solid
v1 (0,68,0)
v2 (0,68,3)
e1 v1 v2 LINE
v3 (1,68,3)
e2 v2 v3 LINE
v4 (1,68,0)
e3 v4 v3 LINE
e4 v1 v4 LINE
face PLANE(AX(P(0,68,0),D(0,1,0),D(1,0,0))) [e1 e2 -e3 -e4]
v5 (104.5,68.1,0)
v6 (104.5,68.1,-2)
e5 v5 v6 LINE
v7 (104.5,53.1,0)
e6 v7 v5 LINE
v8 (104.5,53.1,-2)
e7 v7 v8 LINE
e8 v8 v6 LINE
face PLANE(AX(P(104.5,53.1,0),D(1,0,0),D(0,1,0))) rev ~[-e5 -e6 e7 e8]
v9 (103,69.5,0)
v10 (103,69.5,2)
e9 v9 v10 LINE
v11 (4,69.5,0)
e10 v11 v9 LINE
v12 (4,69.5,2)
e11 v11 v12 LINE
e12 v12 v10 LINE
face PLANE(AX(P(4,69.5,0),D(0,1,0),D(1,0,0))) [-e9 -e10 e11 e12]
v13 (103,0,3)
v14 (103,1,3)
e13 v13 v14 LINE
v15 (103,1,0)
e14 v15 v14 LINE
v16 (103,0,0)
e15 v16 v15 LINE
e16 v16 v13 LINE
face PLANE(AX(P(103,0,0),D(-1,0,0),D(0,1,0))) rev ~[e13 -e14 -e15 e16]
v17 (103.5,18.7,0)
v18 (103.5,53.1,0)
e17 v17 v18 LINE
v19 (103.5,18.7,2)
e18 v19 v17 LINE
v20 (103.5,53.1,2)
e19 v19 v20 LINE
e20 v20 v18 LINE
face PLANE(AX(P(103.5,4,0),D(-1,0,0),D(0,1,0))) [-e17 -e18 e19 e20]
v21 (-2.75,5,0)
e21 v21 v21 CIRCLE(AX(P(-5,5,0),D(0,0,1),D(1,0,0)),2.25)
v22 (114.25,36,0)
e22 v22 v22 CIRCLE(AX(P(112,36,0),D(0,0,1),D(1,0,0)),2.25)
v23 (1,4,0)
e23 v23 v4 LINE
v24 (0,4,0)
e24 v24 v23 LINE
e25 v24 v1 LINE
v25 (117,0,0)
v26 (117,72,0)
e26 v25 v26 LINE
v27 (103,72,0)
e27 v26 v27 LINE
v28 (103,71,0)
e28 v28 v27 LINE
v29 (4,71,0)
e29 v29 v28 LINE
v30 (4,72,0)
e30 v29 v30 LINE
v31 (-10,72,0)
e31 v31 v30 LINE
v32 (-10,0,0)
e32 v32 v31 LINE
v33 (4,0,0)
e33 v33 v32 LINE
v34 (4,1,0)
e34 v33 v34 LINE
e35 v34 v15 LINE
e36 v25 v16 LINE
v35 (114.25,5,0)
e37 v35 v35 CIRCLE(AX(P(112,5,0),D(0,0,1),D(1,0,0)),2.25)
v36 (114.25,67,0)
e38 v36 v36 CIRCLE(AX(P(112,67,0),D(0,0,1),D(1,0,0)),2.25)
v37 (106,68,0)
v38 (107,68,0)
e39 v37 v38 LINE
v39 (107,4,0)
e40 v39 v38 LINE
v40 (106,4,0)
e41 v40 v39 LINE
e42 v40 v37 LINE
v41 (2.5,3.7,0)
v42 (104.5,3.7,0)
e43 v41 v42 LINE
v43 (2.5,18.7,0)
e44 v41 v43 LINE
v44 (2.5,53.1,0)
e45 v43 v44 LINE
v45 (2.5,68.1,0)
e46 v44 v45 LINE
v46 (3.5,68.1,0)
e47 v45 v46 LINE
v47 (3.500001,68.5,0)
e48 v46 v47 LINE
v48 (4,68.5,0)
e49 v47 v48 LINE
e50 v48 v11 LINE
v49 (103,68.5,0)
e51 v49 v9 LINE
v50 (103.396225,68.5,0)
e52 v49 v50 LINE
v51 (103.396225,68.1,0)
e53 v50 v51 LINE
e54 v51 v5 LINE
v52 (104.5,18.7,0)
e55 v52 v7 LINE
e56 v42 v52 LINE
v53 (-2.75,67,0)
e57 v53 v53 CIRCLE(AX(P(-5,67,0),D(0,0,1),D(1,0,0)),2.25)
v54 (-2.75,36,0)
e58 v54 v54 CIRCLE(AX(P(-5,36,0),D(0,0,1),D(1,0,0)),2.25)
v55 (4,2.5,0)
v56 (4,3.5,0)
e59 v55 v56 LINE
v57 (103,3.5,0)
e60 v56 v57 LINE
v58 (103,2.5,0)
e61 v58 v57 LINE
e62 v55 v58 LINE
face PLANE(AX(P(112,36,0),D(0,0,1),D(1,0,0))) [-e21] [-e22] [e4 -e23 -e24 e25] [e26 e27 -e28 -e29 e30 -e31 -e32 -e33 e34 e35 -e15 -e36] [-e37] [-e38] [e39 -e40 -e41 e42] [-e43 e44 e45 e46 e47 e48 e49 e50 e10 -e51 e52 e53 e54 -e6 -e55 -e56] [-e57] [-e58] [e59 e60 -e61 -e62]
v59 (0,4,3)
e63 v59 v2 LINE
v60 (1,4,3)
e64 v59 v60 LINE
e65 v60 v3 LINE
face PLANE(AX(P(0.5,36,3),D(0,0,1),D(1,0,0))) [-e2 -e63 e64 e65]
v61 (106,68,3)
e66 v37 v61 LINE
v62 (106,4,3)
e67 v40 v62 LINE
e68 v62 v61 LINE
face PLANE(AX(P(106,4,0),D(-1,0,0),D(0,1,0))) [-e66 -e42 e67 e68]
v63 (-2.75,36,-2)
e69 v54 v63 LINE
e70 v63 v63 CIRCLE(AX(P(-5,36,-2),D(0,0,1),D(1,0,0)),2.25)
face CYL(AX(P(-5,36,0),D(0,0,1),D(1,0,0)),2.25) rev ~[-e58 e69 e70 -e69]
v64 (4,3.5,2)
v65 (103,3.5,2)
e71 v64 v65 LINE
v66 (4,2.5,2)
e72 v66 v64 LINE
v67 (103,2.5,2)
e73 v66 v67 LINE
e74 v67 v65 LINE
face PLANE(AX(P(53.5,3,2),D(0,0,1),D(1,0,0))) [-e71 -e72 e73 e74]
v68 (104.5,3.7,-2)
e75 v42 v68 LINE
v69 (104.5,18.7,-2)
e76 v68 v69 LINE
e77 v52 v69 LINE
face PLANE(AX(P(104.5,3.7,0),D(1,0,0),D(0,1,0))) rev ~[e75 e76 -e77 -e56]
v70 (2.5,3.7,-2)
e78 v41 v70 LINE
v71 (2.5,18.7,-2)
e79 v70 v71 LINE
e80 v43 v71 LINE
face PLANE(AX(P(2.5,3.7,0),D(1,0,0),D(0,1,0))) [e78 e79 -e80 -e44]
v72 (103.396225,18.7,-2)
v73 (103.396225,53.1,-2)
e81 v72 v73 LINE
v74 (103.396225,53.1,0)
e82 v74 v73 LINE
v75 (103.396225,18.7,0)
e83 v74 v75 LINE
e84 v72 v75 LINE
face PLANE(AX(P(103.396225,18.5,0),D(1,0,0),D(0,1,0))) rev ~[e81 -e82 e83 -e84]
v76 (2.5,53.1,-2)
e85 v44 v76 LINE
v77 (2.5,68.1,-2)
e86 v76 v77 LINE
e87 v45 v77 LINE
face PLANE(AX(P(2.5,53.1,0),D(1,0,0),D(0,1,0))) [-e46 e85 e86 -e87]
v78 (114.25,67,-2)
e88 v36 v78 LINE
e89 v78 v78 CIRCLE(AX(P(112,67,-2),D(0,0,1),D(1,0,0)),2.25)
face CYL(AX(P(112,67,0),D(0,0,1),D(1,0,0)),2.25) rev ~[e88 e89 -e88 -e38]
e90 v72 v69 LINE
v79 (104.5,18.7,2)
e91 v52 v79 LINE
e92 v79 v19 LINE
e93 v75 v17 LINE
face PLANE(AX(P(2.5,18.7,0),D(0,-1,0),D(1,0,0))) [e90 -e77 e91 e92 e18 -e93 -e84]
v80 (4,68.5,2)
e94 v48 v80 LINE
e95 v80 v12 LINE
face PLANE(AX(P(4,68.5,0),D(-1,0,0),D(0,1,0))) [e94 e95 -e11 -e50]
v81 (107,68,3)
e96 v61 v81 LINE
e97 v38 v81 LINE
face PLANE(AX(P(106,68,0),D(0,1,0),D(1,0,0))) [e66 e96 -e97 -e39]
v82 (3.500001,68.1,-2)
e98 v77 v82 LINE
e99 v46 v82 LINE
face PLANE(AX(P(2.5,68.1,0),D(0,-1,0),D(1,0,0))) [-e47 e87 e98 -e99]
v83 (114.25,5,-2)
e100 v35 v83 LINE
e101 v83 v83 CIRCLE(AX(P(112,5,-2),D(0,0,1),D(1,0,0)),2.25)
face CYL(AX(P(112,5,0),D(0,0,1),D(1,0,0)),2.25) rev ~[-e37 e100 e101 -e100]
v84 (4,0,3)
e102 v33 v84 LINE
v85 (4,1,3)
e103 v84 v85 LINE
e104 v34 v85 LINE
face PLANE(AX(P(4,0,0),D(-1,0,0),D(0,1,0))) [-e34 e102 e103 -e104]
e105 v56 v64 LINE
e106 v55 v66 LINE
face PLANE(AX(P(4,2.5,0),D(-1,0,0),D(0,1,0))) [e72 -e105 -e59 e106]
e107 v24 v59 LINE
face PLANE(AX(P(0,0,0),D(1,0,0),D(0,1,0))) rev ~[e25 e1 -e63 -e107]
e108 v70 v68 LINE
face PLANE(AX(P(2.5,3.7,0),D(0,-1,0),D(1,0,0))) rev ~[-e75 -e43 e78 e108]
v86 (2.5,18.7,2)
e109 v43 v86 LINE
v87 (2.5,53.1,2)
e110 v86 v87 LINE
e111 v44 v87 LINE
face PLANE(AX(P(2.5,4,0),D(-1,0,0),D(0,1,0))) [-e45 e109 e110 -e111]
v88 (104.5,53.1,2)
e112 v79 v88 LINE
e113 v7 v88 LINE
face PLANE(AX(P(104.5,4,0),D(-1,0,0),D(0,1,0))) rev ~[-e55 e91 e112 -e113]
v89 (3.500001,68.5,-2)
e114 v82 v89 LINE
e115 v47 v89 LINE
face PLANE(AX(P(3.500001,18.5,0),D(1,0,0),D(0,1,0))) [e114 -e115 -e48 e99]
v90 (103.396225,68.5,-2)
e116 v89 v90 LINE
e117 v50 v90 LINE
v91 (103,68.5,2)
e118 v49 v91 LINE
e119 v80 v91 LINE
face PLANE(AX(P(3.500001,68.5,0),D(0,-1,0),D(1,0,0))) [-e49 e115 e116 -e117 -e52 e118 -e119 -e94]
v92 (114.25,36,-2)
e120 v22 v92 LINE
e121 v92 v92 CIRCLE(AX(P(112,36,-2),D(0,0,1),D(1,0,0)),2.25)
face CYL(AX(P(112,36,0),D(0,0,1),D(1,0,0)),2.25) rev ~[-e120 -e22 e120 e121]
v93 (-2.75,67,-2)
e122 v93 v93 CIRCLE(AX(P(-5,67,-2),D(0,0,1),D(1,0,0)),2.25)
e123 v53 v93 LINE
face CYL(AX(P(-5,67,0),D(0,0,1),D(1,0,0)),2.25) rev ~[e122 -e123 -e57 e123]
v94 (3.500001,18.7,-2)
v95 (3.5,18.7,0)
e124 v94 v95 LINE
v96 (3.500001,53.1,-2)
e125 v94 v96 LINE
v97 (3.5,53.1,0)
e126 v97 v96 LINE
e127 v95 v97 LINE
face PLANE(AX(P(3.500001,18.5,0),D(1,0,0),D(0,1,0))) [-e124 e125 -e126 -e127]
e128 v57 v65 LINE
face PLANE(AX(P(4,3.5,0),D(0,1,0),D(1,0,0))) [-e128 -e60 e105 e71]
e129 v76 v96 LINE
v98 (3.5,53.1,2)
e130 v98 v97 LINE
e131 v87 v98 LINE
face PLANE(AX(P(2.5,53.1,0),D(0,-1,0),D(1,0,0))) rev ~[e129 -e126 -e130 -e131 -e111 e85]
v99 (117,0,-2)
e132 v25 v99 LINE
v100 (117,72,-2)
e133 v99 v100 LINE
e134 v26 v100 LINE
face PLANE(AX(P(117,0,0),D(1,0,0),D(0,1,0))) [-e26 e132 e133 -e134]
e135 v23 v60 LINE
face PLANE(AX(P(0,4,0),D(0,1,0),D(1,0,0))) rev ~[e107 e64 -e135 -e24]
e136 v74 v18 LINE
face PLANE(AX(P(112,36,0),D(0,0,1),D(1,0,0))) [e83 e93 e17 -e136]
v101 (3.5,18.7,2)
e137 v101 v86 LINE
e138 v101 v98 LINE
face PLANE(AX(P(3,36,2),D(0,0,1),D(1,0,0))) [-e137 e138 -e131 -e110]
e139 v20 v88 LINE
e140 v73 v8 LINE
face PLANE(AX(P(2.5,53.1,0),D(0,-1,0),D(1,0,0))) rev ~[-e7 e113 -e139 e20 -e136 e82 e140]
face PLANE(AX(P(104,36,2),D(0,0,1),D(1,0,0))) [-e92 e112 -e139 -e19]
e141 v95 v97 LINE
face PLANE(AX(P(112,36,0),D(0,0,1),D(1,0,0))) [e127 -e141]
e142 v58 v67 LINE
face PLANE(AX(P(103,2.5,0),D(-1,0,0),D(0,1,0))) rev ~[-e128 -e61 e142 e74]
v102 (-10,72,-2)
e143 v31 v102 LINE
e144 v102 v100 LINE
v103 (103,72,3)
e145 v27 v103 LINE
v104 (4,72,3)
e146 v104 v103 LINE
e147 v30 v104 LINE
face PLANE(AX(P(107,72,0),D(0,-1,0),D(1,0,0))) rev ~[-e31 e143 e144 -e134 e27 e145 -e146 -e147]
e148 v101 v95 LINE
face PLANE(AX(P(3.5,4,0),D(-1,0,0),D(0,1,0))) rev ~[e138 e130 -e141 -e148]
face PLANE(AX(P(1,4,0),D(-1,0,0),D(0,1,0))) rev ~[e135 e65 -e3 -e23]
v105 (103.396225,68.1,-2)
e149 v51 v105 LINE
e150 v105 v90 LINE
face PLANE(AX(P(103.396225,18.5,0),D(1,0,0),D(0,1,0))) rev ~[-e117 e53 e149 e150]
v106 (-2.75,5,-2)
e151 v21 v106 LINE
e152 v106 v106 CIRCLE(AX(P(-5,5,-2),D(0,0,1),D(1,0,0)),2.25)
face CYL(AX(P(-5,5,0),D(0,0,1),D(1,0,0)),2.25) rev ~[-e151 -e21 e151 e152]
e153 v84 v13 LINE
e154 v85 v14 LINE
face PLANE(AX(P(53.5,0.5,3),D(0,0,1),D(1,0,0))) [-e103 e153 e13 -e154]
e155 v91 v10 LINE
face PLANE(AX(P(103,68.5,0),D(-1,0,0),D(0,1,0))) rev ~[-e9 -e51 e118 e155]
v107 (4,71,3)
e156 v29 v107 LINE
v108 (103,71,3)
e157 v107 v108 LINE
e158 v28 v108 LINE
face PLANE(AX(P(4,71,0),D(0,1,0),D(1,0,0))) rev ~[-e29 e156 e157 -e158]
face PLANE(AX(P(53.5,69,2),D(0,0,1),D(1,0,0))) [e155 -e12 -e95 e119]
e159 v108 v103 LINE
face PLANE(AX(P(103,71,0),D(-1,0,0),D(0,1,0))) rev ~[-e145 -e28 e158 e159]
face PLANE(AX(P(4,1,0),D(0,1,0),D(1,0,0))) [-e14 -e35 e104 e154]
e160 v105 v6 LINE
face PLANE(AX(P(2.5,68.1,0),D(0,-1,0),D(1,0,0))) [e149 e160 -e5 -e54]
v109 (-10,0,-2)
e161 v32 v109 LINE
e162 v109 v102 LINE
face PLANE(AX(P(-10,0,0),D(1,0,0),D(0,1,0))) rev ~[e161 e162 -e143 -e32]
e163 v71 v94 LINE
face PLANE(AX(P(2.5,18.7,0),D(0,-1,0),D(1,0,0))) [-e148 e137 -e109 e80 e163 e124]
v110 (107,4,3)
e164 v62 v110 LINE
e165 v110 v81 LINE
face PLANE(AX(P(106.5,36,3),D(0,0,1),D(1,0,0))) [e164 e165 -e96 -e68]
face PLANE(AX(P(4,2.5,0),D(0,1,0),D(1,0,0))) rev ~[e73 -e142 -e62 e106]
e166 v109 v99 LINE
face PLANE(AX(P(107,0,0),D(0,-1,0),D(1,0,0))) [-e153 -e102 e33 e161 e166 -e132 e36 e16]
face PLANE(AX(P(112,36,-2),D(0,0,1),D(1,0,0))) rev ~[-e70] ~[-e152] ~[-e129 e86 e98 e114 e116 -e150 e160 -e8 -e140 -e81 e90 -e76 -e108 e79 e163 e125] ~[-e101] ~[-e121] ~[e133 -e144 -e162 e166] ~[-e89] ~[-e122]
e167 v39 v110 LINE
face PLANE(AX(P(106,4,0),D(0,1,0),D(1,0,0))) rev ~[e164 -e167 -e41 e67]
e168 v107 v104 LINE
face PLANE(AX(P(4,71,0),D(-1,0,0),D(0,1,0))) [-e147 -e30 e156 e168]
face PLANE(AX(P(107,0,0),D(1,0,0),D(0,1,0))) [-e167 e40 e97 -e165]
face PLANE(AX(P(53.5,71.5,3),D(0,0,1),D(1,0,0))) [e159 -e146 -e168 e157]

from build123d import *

# Parameters (mm, degrees)
SKETCH_W             = 107
SKETCH_H             = 72
PAD_DEPTH            = 2
SKETCH001_W          = 1
SKETCH001_H          = 64
PAD001_DEPTH         = 3
SKETCH002_W          = 1
SKETCH002_H          = 64
PAD002_DEPTH         = 2
SKETCH003_W          = 1
SKETCH003_H          = 64
PAD003_DEPTH         = 2
SKETCH004_W          = 1
SKETCH004_H          = 64
PAD004_DEPTH         = 3
SKETCH005_W          = 99
SKETCH005_H          = 1
PAD005_DEPTH         = 3
SKETCH006_W          = 99
SKETCH006_H          = 1
PAD006_DEPTH         = 2
SKETCH007_W          = 99
SKETCH007_H          = 1
PAD007_DEPTH         = 2
SKETCH008_W          = 99
SKETCH008_H          = 1
PAD008_DEPTH         = 3
SKETCH009_W          = 102
SKETCH009_H          = 15
POCKET_DEPTH         = 3.001
POCKET_DEPTH_BACK    = 2.001
SKETCH010_W          = 99.896225
SKETCH010_H          = 50
POCKET001_DEPTH      = 2.001
SKETCH011_W          = 10
SKETCH011_H          = 72
PAD009_DEPTH         = 2
SKETCH012_R          = 2.25
POCKET002_DEPTH      = 2.001
SKETCH014_W          = 10
SKETCH014_H          = 72
PAD010_DEPTH         = 2
SKETCH013_R          = 2.25
POCKET003_DEPTH      = 2.001
SKETCH015_W          = 102
SKETCH015_H          = 15
POCKET004_DEPTH      = 2
POCKET004_DEPTH_BACK = 2


with BuildPart() as part:
    # Sketch → Pad (new body)
    with BuildSketch(Plane.XY):
        with Locations((53.5, 36)):
            Rectangle(SKETCH_W, SKETCH_H)
    extrude(amount=-PAD_DEPTH)

    # Sketch001 → Pad001 (join)
    with BuildSketch(Plane.XY):
        with Locations((0.5, 36)):
            Rectangle(SKETCH001_W, SKETCH001_H)
    extrude(amount=PAD001_DEPTH)

    # Sketch002 → Pad002 (join)
    with BuildSketch(Plane.XY):
        with Locations((3, 36)):
            Rectangle(SKETCH002_W, SKETCH002_H)
    extrude(amount=PAD002_DEPTH)

    # Sketch003 → Pad003 (join)
    with BuildSketch(Plane.XY):
        with Locations((104, 36)):
            Rectangle(SKETCH003_W, SKETCH003_H)
    extrude(amount=PAD003_DEPTH)

    # Sketch004 → Pad004 (join)
    with BuildSketch(Plane.XY):
        with Locations((106.5, 36)):
            Rectangle(SKETCH004_W, SKETCH004_H)
    extrude(amount=PAD004_DEPTH)

    # Sketch005 → Pad005 (join)
    with BuildSketch(Plane.XY):
        with Locations((53.5, 71.5)):
            Rectangle(SKETCH005_W, SKETCH005_H)
    extrude(amount=PAD005_DEPTH)

    # Sketch006 → Pad006 (join)
    with BuildSketch(Plane.XY):
        with Locations((53.5, 69)):
            Rectangle(SKETCH006_W, SKETCH006_H)
    extrude(amount=PAD006_DEPTH)

    # Sketch007 → Pad007 (join)
    with BuildSketch(Plane.XY):
        with Locations((53.5, 3)):
            Rectangle(SKETCH007_W, SKETCH007_H)
    extrude(amount=PAD007_DEPTH)

    # Sketch008 → Pad008 (join)
    with BuildSketch(Plane.XY):
        with Locations((53.5, 0.5)):
            Rectangle(SKETCH008_W, SKETCH008_H)
    extrude(amount=PAD008_DEPTH)

    # Sketch009 → Pocket (cut, two sides)
    with BuildSketch(Plane.XY) as pocket_sk:
        with Locations((53.5, 11.2)):
            Rectangle(SKETCH009_W, SKETCH009_H)
    extrude(amount=POCKET_DEPTH, mode=Mode.SUBTRACT)
    extrude(pocket_sk.sketch, amount=-POCKET_DEPTH_BACK, mode=Mode.SUBTRACT)

    # Sketch010 → Pocket001 (cut, through all)
    with BuildSketch(Plane.XY):
        with Locations((53.448113, 43.5)):
            Rectangle(SKETCH010_W, SKETCH010_H)
    extrude(amount=-POCKET001_DEPTH, mode=Mode.SUBTRACT)

    # Sketch011 → Pad009 (join)
    with BuildSketch(Plane.XY):
        with Locations((-5, 36)):
            Rectangle(SKETCH011_W, SKETCH011_H)
    extrude(amount=-PAD009_DEPTH)

    # Sketch012 → Pocket002 (cut, through all)
    with BuildSketch(Plane.XY):
        with Locations((-5, 5)):
            Circle(SKETCH012_R)
        with Locations((-5, 36)):
            Circle(SKETCH012_R)
        with Locations((-5, 67)):
            Circle(SKETCH012_R)
    extrude(amount=-POCKET002_DEPTH, mode=Mode.SUBTRACT)

    # Sketch014 → Pad010 (join)
    with BuildSketch(Plane.XY):
        with Locations((112, 36)):
            Rectangle(SKETCH014_W, SKETCH014_H)
    extrude(amount=-PAD010_DEPTH)

    # Sketch013 → Pocket003 (cut, through all)
    with BuildSketch(Plane.XY):
        with Locations((112, 5)):
            Circle(SKETCH013_R)
        with Locations((112, 36)):
            Circle(SKETCH013_R)
        with Locations((112, 67)):
            Circle(SKETCH013_R)
    extrude(amount=-POCKET003_DEPTH, mode=Mode.SUBTRACT)

    # Sketch015 → Pocket004 (cut, two sides)
    with BuildSketch(Plane.XY) as pocket004_sk:
        with Locations((53.5, 60.6)):
            Rectangle(SKETCH015_W, SKETCH015_H)
    extrude(amount=POCKET004_DEPTH, mode=Mode.SUBTRACT)
    extrude(pocket004_sk.sketch, amount=-POCKET004_DEPTH_BACK, mode=Mode.SUBTRACT)


solid = part.part
